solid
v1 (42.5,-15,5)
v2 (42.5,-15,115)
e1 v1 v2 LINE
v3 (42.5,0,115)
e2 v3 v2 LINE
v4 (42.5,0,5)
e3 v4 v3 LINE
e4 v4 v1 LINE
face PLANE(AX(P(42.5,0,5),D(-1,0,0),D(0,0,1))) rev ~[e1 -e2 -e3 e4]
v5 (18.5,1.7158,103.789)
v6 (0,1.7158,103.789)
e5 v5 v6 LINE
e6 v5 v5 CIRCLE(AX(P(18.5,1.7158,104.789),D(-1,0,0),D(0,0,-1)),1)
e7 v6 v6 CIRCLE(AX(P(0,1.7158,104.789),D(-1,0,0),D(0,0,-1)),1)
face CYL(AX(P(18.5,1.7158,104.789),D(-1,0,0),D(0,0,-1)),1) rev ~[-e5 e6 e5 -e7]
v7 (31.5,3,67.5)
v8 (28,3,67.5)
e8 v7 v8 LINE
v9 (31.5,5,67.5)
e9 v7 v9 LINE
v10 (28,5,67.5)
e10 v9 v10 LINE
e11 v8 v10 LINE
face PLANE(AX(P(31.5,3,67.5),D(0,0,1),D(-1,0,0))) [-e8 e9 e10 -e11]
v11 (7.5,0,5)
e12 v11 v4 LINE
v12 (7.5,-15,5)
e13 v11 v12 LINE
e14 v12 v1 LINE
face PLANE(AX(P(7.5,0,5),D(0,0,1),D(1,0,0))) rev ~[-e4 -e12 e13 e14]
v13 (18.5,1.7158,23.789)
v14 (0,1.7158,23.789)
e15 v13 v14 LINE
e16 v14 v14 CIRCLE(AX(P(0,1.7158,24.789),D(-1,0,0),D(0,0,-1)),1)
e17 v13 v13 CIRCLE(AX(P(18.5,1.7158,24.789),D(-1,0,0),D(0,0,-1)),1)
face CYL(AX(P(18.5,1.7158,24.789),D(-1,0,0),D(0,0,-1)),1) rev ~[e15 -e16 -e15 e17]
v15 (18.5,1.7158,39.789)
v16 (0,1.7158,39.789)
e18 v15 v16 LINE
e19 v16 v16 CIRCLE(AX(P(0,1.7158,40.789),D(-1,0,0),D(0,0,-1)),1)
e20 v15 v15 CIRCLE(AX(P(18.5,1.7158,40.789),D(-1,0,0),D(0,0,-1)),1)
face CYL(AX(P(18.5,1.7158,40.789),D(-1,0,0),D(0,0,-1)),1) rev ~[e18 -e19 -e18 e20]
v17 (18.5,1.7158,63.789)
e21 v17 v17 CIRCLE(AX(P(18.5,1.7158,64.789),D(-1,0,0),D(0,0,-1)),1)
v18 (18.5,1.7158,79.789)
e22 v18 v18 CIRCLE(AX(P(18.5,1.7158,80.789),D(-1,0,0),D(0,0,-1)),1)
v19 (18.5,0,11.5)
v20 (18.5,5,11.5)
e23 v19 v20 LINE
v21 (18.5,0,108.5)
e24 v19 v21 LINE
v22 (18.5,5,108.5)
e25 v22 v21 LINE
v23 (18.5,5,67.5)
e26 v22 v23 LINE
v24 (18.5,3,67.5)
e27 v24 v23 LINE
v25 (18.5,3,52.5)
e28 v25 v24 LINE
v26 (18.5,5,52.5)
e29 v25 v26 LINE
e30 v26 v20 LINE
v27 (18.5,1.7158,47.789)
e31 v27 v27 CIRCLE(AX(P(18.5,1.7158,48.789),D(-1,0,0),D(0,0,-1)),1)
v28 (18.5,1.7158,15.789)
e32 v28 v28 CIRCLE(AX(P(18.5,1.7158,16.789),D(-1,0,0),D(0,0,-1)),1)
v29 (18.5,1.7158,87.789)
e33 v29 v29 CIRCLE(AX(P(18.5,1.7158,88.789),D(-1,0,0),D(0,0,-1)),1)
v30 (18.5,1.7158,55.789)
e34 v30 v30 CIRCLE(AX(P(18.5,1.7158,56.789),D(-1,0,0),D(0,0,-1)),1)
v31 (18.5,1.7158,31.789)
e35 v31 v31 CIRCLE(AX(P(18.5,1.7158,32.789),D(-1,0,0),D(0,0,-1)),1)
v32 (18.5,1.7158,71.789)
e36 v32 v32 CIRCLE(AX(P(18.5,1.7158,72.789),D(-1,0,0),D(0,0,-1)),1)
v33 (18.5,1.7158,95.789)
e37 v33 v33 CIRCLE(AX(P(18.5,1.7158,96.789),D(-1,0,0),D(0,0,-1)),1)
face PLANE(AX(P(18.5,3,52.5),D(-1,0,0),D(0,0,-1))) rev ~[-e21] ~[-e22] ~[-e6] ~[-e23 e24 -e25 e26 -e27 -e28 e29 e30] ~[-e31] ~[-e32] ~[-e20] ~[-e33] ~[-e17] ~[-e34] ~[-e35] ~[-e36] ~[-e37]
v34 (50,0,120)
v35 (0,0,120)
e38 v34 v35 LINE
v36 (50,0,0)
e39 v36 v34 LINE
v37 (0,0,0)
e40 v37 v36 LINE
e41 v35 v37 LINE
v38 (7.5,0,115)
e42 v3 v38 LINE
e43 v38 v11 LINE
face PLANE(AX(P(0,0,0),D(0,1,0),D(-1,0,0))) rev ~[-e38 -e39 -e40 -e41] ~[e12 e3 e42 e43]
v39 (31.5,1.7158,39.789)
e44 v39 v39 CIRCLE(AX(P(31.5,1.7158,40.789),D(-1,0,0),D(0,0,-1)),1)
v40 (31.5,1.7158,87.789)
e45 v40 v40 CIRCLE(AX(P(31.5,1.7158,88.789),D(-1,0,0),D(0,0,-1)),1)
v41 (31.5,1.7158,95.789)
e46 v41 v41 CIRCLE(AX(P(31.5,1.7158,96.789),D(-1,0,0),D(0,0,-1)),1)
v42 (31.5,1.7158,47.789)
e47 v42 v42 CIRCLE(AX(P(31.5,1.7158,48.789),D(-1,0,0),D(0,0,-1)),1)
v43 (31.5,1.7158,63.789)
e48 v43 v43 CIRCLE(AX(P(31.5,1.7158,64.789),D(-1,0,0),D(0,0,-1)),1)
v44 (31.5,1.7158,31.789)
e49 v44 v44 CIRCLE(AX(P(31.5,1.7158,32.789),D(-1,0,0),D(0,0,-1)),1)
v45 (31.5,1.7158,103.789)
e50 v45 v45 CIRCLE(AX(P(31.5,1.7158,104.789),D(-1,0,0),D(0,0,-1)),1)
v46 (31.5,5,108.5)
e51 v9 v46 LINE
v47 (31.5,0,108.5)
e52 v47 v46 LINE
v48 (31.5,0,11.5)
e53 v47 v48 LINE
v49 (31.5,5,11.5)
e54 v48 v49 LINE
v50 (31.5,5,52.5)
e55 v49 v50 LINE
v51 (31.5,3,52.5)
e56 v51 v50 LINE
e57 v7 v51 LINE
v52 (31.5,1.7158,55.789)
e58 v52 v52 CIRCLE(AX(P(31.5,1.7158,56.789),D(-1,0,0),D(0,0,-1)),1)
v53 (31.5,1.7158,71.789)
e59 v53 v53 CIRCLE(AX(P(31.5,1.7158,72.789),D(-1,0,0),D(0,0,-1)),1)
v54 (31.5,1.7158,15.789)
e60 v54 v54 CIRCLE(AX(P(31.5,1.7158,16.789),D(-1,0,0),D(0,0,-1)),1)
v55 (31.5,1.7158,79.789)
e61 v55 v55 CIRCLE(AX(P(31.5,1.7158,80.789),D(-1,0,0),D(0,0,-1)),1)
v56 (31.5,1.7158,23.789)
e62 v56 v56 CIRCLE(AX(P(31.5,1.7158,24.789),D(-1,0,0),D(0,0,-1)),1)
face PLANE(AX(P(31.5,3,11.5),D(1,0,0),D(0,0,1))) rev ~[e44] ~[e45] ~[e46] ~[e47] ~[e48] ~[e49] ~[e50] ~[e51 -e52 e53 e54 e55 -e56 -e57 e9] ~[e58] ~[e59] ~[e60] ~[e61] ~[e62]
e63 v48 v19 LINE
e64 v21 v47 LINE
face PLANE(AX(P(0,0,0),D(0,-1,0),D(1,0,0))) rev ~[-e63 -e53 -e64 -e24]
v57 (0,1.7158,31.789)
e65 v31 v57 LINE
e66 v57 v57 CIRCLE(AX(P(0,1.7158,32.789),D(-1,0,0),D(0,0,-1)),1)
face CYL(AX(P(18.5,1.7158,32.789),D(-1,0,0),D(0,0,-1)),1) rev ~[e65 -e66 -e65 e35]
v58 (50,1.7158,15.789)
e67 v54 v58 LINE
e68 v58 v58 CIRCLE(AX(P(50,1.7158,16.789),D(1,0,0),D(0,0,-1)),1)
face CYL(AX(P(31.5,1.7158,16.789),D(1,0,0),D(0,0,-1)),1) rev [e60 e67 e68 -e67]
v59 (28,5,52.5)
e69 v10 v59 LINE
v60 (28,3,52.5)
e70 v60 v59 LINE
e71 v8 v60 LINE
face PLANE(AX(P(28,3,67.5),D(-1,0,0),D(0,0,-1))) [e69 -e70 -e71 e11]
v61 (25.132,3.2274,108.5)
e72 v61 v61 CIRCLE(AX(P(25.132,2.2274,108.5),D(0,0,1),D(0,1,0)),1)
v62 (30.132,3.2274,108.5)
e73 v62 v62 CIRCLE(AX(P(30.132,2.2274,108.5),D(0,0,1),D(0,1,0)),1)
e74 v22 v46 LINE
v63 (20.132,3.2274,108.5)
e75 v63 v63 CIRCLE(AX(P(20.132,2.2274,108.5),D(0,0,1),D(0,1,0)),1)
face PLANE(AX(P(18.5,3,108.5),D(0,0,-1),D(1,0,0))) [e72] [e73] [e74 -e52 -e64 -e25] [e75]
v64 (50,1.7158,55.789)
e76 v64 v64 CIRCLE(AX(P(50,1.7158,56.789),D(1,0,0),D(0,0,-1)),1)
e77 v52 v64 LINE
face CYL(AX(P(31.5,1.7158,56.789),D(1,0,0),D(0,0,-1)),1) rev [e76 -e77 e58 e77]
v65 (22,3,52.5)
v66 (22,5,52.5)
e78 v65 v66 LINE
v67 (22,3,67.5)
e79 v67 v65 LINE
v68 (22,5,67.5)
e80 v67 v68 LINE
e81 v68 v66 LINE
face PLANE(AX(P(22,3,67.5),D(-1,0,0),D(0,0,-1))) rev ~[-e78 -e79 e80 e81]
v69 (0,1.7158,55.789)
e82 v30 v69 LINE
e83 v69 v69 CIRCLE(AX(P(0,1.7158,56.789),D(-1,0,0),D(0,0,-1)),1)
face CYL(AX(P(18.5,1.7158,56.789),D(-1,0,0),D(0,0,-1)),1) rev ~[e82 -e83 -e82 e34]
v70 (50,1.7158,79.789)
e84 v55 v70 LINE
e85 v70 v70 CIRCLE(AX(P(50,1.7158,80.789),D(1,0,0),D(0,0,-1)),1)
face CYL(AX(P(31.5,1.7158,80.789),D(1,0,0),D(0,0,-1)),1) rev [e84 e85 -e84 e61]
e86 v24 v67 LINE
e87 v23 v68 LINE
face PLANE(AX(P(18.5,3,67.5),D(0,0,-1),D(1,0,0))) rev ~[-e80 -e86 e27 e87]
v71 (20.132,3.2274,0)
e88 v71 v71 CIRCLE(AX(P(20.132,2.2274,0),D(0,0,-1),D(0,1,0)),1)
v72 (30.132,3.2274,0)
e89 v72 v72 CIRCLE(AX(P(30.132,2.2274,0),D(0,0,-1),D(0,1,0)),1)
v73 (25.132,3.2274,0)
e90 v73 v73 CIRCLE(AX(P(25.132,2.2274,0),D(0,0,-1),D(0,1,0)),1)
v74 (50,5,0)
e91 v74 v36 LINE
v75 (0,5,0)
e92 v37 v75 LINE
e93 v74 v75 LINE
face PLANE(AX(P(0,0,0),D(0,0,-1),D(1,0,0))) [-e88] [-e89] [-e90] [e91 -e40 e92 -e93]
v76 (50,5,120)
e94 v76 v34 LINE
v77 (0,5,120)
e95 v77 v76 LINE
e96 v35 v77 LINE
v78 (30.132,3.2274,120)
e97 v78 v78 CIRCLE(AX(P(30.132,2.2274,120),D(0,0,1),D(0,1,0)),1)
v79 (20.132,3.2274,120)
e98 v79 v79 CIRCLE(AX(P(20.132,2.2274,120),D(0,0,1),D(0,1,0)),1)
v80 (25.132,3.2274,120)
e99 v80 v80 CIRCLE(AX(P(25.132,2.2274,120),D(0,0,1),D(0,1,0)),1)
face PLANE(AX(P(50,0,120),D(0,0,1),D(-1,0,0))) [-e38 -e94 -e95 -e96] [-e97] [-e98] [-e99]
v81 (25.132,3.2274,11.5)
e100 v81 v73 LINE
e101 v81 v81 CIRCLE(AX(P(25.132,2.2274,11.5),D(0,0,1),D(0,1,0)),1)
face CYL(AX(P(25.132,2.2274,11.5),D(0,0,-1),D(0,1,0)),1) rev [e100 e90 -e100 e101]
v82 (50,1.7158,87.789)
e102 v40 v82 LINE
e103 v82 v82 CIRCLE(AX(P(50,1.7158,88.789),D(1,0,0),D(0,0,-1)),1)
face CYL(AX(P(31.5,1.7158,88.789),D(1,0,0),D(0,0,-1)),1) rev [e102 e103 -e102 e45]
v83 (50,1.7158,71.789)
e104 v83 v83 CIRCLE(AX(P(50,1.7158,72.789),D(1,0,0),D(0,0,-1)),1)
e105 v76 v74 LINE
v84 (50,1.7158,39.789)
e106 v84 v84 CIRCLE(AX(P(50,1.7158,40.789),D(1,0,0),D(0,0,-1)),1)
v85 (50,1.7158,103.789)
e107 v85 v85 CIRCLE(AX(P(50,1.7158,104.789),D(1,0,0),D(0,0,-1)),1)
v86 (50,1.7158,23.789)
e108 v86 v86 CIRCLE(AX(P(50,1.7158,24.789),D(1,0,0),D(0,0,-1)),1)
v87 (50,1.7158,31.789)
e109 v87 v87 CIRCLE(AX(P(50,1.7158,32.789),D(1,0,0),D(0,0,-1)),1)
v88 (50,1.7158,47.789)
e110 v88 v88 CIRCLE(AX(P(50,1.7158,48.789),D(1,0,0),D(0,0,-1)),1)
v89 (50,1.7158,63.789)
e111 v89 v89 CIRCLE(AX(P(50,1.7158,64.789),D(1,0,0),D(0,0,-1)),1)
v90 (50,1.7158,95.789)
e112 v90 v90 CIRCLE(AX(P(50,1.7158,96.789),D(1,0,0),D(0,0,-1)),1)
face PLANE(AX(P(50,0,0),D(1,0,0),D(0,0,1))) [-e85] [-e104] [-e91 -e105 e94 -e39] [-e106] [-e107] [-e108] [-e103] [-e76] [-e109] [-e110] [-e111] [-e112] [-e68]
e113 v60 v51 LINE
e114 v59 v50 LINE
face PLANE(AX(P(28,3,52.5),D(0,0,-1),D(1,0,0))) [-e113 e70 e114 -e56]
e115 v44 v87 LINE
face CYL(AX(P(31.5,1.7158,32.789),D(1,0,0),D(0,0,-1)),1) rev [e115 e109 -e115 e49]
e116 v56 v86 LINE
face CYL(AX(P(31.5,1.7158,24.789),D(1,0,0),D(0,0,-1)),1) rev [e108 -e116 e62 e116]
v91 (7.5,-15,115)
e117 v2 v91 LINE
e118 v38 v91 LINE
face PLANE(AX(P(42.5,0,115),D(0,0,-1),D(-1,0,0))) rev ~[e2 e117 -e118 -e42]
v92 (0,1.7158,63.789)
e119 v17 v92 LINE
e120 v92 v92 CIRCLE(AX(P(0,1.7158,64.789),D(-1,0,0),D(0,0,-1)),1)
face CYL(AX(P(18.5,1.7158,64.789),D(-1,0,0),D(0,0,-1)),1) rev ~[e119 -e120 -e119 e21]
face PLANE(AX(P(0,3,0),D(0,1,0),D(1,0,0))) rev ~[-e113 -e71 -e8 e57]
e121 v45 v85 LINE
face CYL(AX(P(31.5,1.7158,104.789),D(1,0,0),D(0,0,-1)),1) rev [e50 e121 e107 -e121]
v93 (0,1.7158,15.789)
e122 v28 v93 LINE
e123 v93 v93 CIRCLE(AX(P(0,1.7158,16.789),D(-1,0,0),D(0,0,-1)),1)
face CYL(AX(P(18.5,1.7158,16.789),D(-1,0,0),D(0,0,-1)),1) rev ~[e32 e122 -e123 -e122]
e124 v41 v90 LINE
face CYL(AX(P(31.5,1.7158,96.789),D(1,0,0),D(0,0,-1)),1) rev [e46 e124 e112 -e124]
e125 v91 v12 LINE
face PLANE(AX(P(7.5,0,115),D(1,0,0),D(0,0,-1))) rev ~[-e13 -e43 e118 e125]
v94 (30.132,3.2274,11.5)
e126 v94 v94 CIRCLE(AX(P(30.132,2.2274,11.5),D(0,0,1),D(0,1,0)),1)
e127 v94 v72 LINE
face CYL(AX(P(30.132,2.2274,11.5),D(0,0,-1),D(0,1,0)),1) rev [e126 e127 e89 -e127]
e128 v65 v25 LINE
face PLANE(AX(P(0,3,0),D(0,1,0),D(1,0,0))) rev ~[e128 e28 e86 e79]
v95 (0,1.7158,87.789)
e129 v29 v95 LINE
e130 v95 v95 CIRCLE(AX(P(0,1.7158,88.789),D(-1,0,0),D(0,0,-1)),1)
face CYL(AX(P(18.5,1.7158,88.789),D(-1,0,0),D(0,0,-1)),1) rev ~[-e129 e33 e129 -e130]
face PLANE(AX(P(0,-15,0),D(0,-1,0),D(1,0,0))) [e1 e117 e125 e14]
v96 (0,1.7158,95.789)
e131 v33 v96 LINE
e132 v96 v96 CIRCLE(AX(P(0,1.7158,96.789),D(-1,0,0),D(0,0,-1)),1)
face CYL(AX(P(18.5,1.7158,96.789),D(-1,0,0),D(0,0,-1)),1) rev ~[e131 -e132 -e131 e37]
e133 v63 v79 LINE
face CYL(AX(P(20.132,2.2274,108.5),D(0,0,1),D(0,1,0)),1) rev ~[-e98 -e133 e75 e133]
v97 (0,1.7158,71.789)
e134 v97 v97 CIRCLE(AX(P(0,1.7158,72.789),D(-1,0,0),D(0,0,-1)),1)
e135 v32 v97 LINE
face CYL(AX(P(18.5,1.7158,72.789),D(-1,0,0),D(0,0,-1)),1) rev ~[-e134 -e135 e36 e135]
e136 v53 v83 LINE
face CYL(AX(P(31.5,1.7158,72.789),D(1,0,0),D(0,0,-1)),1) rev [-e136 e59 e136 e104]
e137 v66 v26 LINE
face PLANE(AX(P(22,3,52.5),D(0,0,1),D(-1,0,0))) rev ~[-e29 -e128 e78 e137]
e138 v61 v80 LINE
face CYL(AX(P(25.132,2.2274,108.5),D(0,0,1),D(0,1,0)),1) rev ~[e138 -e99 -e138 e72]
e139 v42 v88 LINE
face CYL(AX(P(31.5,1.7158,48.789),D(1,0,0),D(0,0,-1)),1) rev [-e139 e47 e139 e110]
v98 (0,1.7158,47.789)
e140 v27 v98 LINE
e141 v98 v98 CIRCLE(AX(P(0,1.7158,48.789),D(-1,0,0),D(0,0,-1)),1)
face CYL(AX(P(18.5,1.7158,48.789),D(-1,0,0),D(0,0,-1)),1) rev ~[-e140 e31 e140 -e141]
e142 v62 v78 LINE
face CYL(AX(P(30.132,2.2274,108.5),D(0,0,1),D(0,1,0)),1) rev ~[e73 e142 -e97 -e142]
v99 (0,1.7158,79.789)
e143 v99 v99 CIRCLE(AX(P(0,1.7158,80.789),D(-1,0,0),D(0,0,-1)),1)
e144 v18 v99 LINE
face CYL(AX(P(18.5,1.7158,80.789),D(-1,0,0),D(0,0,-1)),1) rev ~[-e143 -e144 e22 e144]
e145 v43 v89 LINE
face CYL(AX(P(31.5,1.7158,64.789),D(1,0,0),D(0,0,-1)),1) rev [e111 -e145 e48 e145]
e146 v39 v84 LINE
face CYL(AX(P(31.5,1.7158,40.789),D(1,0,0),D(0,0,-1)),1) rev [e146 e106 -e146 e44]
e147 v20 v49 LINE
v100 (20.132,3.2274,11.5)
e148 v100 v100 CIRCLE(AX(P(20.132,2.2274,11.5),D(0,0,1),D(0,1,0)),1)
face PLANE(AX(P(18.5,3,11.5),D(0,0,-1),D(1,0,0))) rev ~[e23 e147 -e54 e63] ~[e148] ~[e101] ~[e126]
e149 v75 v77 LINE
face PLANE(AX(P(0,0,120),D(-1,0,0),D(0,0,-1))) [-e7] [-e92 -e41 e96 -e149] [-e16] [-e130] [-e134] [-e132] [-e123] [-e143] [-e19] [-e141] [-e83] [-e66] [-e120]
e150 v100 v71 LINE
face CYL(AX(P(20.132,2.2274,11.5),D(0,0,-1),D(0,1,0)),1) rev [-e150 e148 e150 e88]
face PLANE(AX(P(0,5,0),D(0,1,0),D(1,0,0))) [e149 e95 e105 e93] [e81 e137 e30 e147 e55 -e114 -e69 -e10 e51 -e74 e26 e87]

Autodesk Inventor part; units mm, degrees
ref_plane "XZ Plane" through (0, 0, 0) normal (0, 1, 0) x (-1, 0, 0)
ref_plane "Work Plane1" through (25, 0, 0) normal (1, 0, 0) x (0, 1, 0)
ref_plane "Work Plane2" through (0, 0, 60) normal (0, 0, 1) x (1, 0, 0)
sketch "Sketch1" plane through (0, 0, 0) normal (0, 1, 0) x (-1, 0, 0)
  line L0 (0, 0) -> (-50, 0)
  line L1 (-50, 0) -> (-50, 120)
  line L2 (-50, 120) -> (0, 120)
  line L3 (0, 120) -> (0, 0)
  line L4 (-18.5, 108.5) -> (-31.5, 108.5)
  line L5 (-31.5, 108.5) -> (-31.5, 11.5)
  line L6 (-31.5, 11.5) -> (-18.5, 11.5)
  line L7 (-18.5, 11.5) -> (-18.5, 108.5)
  dimension "d0" = 50
  dimension "d1" = 120
  dimension "d2" = 13
  dimension "d3" = 97
  dimension "d4" = 11.5
  dimension "d5" = 18.5
extrude "Extrusion1" add sketch "Sketch1" along normal blind 3
sketch "Sketch2" plane through (0, 0, 0) normal (0, -1, 0) x (1, 0, 0)
  line L0 (42.5, 115) -> (7.5, 115)
  line L1 (7.5, 115) -> (7.5, 5)
  line L2 (7.5, 5) -> (42.5, 5)
  line L3 (42.5, 5) -> (42.5, 115)
  line L4 (50, 0) -> (0, 0) projected
  line L5 (50, 120) -> (50, 0) projected
  line L6 (0, 0) -> (0, 120) projected
  line L7 (0, 120) -> (50, 120) projected
  dimension "d8" = 35
  dimension "d9" = 110
  dimension "d14" = 7.5
  dimension "d15" = 5
extrude "Extrusion2" add sketch "Sketch2" along normal blind 15 contours L3 L2 L1 L0
sketch "Sketch4" plane through (0, 3, 0) normal (0, 1, 0) x (1, 0, 0)
  line L0 (0, -120) -> (50, -120) projected
  line L1 (0, -120) -> (50, -120)
  line L2 (50, -120) -> (50, 0)
  line L3 (50, 0) -> (0, 0)
  line L4 (0, 0) -> (0, -120)
  line L5 (18.5, -11.5) -> (31.5, -11.5) projected
  line L6 (18.5, -108.5) -> (31.5, -108.5)
  line L7 (31.5, -11.5) -> (18.5, -11.5)
  line L8 (18.5, -108.5) -> (18.5, -11.5) projected
  line L9 (18.5, -67.5) -> (22, -67.5)
  line L10 (22, -67.5) -> (22, -52.5)
  line L11 (22, -52.5) -> (18.5, -52.5)
  line L12 (18.5, -52.5) -> (18.5, -67.5)
  line L13 (31.5, -11.5) -> (31.5, -108.5) projected
  line L14 (31.5, -67.5) -> (28, -67.5)
  line L15 (28, -67.5) -> (28, -52.5)
  line L16 (28, -52.5) -> (31.5, -52.5)
  line L17 (31.5, -52.5) -> (31.5, -67.5)
  line L18 (18.5, -67.5) -> (18.5, -108.5)
  line L19 (31.5, -67.5) -> (31.5, -108.5)
  line L20 (31.5, -52.5) -> (31.5, -11.5)
  line L21 (18.5, -52.5) -> (18.5, -11.5)
  point P0 (0, 0)
  dimension "d16" = 15
  dimension "d17" = 3.5
  dimension "d18" = 3.5
  dimension "d19" = 41
extrude "Extrusion3" add sketch "Sketch4" along normal blind 2 contours L4 L3 L2 L0 | L11 L10 L9 L8 | L13 L14 L15 L16
sketch "Sketch6" plane through (18.5, 0, 108.5) normal (1, 0, 0) x (0, 0, -1)
  point P0 (108.5, 0)
  point P1 (3.711, 1.7158)
hole "Hole1" at (18.5, 1.7158, 104.789) direction (-1, 0, 0) diameter 2 end through all
pattern_linear "Rectangular Pattern1" count 12 spacing 8 along (0, 0, -1) of "Hole1"
mirror "Mirror1" about plane through (25, 0, 0) normal (1, 0, 0) of "Hole1", "Rectangular Pattern1"
sketch "Sketch8" plane through (31.5, 0, 108.5) normal (0, 0, -1) x (-1, 0, 0)
  point P0 (31.5, 0)
  point P1 (11.368, 2.2274)
hole "Hole2" at (20.132, 2.2274, 108.5) direction (0, 0, 1) diameter 2 end through all
pattern_linear "Rectangular Pattern2" count 3 spacing 5 along (1, 0, 0) of "Hole2"
mirror "Mirror2" about plane through (0, 0, 60) normal (0, 0, 1) of "Hole2", "Rectangular Pattern2"
properties part number "dhillg25_P2_Milestone3"
